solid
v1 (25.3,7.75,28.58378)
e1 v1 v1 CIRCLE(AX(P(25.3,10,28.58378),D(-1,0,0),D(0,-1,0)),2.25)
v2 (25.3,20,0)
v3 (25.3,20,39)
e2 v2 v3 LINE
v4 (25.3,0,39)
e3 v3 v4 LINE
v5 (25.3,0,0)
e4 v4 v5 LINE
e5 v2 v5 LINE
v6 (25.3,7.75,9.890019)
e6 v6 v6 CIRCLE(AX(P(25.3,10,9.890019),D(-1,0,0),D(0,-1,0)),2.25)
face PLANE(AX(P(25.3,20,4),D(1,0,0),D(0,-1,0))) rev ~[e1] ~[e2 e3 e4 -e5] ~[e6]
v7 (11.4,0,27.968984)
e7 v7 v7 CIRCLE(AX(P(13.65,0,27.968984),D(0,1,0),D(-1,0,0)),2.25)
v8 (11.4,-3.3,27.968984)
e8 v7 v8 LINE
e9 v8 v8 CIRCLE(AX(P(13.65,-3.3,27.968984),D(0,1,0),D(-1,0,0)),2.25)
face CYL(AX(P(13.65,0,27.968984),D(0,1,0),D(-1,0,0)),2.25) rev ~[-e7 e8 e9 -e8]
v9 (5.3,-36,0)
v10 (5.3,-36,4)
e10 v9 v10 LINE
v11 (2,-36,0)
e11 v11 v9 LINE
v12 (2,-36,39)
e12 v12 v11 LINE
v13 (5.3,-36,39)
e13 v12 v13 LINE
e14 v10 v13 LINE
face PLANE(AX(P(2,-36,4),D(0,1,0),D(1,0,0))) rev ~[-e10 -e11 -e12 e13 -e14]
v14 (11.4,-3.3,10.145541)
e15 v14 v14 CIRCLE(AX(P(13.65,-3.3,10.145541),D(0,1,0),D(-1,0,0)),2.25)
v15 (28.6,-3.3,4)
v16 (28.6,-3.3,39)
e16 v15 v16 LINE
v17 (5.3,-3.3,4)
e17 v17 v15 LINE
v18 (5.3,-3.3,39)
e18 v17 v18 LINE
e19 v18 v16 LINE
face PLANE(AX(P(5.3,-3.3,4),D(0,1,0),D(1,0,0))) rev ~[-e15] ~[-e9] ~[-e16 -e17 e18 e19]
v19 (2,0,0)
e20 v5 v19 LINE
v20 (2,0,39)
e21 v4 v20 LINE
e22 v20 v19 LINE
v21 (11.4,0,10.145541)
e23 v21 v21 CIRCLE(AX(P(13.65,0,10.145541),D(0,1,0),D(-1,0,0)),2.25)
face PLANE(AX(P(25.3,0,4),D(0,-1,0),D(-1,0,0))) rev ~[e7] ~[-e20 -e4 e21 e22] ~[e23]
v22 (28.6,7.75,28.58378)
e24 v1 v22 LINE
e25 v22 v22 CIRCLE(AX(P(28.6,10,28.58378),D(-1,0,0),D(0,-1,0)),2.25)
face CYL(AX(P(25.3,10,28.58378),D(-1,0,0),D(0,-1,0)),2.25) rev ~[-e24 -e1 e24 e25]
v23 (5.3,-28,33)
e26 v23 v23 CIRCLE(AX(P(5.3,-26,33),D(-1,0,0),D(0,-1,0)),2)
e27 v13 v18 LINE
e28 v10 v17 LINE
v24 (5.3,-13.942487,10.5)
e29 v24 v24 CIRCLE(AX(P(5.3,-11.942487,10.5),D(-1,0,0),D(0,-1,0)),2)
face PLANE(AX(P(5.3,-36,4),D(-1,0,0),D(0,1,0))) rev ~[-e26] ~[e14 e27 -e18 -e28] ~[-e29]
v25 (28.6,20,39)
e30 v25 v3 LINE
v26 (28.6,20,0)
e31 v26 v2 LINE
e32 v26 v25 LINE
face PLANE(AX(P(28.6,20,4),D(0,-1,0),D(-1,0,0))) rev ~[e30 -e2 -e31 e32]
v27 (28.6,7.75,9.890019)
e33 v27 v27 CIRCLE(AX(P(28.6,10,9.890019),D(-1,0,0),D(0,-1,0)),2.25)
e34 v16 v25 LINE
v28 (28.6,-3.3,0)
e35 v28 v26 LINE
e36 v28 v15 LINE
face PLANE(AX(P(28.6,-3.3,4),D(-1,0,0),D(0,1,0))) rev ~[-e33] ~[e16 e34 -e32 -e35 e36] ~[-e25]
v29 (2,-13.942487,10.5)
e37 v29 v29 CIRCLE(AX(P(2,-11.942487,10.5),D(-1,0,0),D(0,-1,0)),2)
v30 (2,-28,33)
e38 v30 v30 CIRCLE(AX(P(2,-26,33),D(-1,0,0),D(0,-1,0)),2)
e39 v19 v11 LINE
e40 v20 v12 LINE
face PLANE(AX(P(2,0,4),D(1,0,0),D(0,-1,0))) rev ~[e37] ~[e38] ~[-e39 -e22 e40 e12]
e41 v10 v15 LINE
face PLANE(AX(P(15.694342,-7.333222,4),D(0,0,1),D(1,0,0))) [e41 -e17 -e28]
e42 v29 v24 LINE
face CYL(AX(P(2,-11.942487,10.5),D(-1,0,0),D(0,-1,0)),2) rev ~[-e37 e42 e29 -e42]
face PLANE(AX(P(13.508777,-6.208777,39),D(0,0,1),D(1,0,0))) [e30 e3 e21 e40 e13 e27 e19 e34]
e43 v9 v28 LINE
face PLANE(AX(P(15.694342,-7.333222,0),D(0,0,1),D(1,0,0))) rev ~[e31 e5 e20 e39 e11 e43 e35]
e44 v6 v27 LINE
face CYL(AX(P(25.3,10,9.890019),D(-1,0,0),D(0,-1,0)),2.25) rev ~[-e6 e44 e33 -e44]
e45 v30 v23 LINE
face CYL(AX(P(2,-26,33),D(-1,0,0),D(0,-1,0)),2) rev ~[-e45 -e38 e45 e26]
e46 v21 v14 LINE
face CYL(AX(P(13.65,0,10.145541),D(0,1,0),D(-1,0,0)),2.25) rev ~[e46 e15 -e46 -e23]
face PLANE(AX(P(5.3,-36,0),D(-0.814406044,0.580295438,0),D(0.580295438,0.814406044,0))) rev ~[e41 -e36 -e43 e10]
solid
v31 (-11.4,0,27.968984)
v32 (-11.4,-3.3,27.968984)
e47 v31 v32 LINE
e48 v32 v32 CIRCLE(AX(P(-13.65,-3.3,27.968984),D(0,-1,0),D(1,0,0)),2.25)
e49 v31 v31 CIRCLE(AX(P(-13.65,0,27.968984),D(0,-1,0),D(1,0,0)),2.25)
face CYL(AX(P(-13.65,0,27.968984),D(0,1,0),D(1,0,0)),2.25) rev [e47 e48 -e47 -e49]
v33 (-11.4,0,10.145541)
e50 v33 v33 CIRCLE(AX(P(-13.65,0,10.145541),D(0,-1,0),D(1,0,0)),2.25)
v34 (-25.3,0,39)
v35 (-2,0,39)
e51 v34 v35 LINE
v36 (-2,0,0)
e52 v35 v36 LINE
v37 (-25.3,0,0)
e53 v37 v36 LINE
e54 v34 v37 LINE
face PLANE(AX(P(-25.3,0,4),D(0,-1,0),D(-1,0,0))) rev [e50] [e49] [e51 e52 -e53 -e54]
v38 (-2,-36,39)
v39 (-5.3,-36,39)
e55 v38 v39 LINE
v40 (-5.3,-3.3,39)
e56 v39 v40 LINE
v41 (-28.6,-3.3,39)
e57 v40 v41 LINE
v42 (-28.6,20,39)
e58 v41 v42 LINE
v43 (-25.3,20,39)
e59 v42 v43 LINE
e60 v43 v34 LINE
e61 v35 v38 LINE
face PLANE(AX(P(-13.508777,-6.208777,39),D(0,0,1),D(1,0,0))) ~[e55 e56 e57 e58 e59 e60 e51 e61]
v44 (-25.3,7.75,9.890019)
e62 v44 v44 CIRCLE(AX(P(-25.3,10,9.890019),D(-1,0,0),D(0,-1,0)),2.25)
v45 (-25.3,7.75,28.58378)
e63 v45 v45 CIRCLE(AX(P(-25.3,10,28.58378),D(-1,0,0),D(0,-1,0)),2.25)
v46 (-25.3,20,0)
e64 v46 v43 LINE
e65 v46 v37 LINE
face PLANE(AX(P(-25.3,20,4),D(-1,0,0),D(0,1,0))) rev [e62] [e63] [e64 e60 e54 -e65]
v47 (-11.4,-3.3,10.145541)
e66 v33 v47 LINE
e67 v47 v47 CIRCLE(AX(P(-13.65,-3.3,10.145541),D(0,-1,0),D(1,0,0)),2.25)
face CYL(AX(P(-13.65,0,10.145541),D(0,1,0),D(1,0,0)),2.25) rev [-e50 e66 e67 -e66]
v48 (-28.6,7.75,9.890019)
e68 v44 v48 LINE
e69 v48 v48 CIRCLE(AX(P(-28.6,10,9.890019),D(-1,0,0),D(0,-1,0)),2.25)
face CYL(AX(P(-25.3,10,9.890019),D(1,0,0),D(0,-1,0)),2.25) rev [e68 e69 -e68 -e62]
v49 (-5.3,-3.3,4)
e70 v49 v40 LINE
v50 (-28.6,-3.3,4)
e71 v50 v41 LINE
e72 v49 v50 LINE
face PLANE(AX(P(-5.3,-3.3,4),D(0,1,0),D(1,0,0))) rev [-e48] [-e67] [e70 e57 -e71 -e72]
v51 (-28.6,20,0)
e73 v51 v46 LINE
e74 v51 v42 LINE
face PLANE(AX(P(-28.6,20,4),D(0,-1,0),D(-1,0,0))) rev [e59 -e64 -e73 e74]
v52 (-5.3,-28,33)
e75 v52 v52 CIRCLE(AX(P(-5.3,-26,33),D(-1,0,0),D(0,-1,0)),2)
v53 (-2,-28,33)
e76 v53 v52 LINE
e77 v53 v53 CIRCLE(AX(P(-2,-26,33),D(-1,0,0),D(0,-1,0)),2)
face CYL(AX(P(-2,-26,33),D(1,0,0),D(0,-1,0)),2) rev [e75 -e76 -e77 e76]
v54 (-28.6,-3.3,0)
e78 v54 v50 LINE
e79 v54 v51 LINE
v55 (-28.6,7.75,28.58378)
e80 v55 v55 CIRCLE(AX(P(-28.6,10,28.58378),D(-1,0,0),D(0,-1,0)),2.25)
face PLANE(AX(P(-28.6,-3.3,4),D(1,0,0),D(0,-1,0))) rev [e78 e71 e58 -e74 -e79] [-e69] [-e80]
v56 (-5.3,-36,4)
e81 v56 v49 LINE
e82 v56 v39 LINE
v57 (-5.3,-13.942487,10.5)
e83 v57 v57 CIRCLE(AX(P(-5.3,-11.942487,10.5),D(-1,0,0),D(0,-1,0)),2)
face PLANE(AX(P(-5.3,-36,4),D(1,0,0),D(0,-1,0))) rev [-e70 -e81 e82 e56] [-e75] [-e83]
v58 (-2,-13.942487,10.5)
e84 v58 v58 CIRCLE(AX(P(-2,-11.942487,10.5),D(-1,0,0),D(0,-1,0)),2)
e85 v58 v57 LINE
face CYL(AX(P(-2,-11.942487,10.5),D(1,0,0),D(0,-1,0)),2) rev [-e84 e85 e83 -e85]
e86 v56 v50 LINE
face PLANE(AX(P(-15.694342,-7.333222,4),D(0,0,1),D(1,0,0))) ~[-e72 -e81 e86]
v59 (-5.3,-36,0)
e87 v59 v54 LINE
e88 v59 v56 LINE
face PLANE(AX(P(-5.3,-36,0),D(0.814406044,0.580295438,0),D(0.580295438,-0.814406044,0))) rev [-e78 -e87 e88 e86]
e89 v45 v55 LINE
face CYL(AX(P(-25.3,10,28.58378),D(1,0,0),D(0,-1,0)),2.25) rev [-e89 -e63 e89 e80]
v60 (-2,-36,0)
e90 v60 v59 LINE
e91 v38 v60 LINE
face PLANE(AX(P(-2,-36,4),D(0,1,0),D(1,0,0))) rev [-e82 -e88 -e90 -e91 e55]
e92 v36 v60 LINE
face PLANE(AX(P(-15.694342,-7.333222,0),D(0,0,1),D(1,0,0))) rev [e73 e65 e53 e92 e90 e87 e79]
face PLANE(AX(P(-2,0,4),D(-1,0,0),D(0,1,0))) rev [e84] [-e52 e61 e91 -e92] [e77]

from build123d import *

# Parameters (mm, degrees)
F1_DEPTH = 4
F3_DEPTH = 35
F4_R     = 2.25
F5_DEPTH = 3.3
F6_R     = 2
F7_DEPTH = 3.3
F8_R     = 2.25
F9_DEPTH = 3.3


with BuildPart() as f1:
    # F0 (on Top) → F1 (new body)
    with BuildSketch(Plane.XY):
        Polygon((2, -36), (5.3, -36), (28.6, -3.3), (28.6, 0), (28.6, 20), (25.3, 20), (25.3, 0), (2, 0), align=None)
    extrude(amount=F1_DEPTH)

    # F2 (on face) → F3 (join)
    with BuildSketch(Plane.XY.offset(4)):
        Polygon((2, -36), (5.3, -36), (5.3, -3.3), (28.6, -3.3), (28.6, 20), (25.3, 20), (25.3, 0), (2, 0), align=None)
    extrude(amount=F3_DEPTH)

    # F4 (on face) → F5 (cut, through all)
    with BuildSketch(Plane(origin=(25.3, 0, 0), x_dir=(0, -1, 0), z_dir=(-1, 0, 0))):
        with Locations((-10, 28.5837799311)):
            Circle(F4_R)
        with Locations((-10, 9.8900189623)):
            Circle(F4_R)
    extrude(amount=-F5_DEPTH, mode=Mode.SUBTRACT)

    # F6 (on face) → F7 (cut, through all)
    with BuildSketch(Plane(origin=(2, 0, 0), x_dir=(0, -1, 0), z_dir=(-1, 0, 0))):
        with Locations((26, 33)):
            Circle(F6_R)
        with Locations((11.9424867444, 10.5)):
            Circle(F6_R)
    extrude(amount=-F7_DEPTH, mode=Mode.SUBTRACT)

    # F8 (on face) → F9 (cut, through all)
    with BuildSketch(Plane(origin=(0, 0, 0), x_dir=(-1, 0, 0), z_dir=(0, 1, 0))):
        with Locations((-13.65, 27.9689840972)):
            Circle(F8_R)
        with Locations((-13.65, 10.1455412805)):
            Circle(F8_R)
    extrude(amount=-F9_DEPTH, mode=Mode.SUBTRACT)


with BuildPart() as f10_1:
    # F10: instance of F1
    add(f1.part.mirror(Plane.YZ))


solid = Compound([f1.part, f10_1.part])
